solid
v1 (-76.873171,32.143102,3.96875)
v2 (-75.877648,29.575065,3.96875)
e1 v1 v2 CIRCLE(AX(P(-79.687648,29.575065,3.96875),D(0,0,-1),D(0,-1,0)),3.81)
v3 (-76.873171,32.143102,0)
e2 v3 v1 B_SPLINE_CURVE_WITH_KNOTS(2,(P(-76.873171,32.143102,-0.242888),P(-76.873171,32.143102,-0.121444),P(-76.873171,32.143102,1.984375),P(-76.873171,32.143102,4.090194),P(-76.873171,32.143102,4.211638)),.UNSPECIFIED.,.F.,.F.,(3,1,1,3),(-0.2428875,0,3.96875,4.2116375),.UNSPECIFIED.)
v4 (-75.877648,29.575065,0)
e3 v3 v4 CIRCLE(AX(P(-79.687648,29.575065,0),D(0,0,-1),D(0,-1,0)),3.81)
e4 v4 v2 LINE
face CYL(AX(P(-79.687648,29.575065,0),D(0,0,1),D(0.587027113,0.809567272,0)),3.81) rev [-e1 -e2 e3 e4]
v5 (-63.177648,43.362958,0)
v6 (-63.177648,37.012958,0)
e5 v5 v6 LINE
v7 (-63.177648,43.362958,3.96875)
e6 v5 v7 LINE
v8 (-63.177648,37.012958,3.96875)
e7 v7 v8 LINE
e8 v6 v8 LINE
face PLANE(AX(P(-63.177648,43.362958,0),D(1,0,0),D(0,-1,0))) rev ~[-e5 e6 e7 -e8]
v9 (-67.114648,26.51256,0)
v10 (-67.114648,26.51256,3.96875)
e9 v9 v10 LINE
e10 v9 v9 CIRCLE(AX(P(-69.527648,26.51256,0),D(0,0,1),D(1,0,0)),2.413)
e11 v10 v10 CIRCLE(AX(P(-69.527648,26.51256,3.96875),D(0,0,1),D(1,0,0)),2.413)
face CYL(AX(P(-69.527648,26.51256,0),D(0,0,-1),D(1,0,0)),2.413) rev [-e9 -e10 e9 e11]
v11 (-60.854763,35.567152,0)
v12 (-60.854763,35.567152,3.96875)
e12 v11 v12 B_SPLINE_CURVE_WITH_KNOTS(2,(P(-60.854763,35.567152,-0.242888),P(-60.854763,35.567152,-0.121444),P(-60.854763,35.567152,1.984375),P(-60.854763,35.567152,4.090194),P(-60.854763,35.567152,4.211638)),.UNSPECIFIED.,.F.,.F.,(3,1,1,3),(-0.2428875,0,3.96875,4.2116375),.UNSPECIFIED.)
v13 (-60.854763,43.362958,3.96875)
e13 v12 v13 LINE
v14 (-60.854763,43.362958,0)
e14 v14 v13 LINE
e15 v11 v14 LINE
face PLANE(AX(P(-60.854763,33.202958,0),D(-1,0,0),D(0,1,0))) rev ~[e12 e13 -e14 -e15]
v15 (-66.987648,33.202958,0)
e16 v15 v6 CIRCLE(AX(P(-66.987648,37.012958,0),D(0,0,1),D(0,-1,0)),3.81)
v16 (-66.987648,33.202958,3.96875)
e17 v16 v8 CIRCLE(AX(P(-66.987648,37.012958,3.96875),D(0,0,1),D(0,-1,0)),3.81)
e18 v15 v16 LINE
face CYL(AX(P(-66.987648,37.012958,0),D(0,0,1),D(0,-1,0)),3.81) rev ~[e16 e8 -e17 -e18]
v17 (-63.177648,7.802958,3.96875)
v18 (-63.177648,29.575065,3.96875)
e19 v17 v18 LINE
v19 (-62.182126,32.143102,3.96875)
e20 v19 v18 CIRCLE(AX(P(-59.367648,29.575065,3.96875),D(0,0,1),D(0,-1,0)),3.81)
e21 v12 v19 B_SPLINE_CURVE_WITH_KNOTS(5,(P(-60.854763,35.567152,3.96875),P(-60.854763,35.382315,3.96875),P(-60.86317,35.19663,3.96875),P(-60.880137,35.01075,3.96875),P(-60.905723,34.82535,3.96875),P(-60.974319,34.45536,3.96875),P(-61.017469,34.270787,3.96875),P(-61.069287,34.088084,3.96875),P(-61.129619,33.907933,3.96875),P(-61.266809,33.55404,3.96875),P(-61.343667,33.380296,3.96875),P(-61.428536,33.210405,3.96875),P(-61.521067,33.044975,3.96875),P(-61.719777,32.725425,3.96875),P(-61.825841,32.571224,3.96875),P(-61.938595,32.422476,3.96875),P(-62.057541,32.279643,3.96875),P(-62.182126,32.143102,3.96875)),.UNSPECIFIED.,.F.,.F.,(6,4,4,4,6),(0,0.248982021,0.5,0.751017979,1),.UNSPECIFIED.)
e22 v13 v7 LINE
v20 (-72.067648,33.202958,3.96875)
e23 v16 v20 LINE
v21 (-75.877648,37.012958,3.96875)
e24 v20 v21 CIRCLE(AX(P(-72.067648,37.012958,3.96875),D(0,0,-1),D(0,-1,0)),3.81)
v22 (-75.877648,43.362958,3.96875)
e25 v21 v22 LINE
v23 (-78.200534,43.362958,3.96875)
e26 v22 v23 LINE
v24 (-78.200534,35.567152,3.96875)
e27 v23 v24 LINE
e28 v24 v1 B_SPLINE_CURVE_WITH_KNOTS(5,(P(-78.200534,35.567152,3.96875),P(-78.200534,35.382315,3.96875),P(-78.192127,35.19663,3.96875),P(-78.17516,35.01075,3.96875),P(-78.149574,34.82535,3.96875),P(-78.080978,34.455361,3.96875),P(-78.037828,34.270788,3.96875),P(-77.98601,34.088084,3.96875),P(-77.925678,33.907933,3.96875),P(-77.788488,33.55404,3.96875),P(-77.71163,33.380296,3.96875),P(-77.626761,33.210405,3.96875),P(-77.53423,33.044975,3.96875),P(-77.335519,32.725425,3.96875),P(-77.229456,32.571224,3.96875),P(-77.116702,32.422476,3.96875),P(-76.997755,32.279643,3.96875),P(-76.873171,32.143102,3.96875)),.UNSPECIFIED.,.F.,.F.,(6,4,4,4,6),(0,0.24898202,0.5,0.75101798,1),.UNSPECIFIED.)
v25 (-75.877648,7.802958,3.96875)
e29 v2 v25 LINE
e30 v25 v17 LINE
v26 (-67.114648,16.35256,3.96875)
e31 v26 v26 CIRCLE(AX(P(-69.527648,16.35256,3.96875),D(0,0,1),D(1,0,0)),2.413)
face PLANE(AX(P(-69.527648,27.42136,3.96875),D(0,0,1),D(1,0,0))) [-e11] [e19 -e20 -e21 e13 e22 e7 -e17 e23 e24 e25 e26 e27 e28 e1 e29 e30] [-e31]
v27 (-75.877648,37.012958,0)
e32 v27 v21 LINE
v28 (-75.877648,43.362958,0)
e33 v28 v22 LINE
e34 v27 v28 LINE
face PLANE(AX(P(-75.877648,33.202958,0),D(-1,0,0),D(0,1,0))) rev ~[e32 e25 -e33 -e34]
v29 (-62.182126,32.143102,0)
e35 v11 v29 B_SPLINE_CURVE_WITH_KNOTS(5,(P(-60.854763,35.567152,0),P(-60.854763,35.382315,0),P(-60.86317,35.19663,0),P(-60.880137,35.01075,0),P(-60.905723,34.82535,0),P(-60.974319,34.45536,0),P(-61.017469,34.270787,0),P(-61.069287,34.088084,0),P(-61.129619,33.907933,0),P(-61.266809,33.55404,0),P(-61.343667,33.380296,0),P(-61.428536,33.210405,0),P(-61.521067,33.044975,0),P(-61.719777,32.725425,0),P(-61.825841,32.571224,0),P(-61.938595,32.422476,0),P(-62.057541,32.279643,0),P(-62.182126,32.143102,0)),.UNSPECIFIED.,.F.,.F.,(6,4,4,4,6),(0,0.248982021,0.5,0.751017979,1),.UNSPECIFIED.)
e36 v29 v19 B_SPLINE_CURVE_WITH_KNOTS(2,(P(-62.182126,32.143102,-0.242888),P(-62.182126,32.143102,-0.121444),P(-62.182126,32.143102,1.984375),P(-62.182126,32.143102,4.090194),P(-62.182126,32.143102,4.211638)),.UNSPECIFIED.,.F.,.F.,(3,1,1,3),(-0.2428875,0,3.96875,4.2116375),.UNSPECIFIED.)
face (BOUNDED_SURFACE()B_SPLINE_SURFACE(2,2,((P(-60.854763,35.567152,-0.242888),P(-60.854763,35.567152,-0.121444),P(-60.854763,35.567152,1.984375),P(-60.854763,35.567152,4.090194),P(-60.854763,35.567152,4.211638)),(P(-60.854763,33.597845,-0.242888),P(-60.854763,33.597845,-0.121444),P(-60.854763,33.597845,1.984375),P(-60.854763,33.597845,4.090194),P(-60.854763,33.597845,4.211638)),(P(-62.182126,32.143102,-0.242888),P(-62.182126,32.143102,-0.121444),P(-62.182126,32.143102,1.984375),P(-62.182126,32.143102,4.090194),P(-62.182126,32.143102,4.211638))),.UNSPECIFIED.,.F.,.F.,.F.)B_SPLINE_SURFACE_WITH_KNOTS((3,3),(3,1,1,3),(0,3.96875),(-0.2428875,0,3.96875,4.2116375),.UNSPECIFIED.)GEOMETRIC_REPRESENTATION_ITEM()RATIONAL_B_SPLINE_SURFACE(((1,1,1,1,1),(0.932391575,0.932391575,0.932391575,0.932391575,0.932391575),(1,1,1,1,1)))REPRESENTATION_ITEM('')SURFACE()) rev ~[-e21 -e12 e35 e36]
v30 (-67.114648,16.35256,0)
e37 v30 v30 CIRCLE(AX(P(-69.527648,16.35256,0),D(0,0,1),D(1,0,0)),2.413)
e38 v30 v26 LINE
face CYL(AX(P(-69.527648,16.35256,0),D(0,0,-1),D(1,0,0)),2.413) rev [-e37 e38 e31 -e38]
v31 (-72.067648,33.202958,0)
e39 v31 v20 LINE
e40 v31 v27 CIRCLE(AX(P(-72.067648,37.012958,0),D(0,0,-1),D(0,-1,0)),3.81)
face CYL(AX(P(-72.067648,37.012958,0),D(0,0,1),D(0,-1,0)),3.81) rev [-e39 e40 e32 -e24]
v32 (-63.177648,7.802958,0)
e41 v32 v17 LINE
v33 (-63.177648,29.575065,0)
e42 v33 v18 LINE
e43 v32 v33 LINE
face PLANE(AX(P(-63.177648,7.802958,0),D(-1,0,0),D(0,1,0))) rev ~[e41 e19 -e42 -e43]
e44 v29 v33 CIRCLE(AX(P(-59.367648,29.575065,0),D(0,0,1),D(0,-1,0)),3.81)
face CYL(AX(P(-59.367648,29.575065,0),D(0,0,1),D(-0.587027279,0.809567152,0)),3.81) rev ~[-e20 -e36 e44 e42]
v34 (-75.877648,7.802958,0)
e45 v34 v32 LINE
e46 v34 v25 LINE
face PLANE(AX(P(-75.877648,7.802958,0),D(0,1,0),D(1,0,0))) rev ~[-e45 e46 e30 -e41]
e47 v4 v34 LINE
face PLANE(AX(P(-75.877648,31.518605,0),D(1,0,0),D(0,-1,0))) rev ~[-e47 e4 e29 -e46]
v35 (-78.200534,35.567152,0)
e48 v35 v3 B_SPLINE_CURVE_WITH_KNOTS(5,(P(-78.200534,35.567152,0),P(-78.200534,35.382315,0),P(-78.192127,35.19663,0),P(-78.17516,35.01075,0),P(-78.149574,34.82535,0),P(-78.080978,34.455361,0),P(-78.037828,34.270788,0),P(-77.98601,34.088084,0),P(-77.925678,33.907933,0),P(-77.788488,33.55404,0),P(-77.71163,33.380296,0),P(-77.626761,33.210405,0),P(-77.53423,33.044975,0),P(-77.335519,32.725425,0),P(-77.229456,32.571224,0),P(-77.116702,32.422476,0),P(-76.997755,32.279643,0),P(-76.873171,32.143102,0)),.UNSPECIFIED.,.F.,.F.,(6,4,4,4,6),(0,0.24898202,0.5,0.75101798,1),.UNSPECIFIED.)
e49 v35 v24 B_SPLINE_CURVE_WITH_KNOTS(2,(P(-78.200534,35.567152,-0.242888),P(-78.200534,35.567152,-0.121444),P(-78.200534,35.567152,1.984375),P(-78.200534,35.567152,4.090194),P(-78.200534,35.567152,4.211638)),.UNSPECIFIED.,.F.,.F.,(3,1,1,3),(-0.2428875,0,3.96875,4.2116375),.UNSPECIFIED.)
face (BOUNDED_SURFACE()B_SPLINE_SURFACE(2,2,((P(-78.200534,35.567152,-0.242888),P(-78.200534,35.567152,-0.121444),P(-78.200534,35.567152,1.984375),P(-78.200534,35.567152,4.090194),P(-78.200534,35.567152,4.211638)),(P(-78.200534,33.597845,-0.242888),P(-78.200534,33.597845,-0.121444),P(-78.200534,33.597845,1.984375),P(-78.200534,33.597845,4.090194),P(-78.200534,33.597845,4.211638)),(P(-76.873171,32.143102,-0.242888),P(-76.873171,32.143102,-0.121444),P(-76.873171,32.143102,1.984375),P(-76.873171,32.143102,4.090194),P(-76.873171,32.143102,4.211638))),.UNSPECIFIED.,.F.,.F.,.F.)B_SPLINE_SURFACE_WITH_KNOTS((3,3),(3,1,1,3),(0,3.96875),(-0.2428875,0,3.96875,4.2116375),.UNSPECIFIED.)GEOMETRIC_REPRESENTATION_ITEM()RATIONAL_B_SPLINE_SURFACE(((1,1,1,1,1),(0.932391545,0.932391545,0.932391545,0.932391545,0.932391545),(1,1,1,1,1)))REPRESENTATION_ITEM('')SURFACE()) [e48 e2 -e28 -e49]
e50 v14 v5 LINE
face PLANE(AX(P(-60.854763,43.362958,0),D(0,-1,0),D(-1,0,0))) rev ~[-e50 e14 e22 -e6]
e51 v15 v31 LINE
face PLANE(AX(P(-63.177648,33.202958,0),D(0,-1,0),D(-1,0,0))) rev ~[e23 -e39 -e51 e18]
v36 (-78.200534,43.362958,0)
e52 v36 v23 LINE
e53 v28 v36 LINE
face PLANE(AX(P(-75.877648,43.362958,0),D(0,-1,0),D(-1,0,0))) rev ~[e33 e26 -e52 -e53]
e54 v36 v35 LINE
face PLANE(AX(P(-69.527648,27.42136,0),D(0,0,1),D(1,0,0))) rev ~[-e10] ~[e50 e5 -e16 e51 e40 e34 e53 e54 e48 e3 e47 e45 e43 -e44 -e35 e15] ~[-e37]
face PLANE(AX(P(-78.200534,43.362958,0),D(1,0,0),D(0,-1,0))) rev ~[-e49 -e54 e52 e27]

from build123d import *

# Parameters (mm, degrees)
F0_R     = 2.413
F1_DEPTH = 3.96875
F2_R     = 3.81
F3_R     = 5.08


with BuildPart() as f1:
    # F0 (on Top) → F1 (new body)
    with BuildSketch(Plane.XY):
        Polygon((-63.177648, 33.202958), (-75.877648, 33.202958), (-75.877648, 43.362958), (-78.200534, 43.362958), (-78.200534, 33.202958), (-75.877648, 31.518605), (-75.877648, 7.802958), (-63.177648, 7.802958), (-63.177648, 31.518605), (-60.854763, 33.202958), (-60.854763, 43.362958), (-63.177648, 43.362958), align=None)
        with Locations((-69.527648, 16.35256)):
            Circle(F0_R, mode=Mode.SUBTRACT)
        with Locations((-69.527648, 26.51256)):
            Circle(F0_R, mode=Mode.SUBTRACT)
    extrude(amount=F1_DEPTH)

    # F2
    f2_edges = [f1.edges().sort_by_distance(p)[0] for p in [
        (-63.177648, 31.518605, 1.984375),
        (-75.877648, 31.518605, 1.984375),
        (-63.177648, 33.202958, 1.984375),
        (-75.877648, 33.202958, 1.984375),
    ]]
    fillet(f2_edges, radius=F2_R)

    # F3
    f3_edges = [f1.edges().sort_by_distance(p)[0] for p in [
        (-78.200534, 33.202958, 1.984375),
        (-60.854763, 33.202958, 1.984375),
    ]]
    fillet(f3_edges, radius=F3_R)


solid = f1.part
